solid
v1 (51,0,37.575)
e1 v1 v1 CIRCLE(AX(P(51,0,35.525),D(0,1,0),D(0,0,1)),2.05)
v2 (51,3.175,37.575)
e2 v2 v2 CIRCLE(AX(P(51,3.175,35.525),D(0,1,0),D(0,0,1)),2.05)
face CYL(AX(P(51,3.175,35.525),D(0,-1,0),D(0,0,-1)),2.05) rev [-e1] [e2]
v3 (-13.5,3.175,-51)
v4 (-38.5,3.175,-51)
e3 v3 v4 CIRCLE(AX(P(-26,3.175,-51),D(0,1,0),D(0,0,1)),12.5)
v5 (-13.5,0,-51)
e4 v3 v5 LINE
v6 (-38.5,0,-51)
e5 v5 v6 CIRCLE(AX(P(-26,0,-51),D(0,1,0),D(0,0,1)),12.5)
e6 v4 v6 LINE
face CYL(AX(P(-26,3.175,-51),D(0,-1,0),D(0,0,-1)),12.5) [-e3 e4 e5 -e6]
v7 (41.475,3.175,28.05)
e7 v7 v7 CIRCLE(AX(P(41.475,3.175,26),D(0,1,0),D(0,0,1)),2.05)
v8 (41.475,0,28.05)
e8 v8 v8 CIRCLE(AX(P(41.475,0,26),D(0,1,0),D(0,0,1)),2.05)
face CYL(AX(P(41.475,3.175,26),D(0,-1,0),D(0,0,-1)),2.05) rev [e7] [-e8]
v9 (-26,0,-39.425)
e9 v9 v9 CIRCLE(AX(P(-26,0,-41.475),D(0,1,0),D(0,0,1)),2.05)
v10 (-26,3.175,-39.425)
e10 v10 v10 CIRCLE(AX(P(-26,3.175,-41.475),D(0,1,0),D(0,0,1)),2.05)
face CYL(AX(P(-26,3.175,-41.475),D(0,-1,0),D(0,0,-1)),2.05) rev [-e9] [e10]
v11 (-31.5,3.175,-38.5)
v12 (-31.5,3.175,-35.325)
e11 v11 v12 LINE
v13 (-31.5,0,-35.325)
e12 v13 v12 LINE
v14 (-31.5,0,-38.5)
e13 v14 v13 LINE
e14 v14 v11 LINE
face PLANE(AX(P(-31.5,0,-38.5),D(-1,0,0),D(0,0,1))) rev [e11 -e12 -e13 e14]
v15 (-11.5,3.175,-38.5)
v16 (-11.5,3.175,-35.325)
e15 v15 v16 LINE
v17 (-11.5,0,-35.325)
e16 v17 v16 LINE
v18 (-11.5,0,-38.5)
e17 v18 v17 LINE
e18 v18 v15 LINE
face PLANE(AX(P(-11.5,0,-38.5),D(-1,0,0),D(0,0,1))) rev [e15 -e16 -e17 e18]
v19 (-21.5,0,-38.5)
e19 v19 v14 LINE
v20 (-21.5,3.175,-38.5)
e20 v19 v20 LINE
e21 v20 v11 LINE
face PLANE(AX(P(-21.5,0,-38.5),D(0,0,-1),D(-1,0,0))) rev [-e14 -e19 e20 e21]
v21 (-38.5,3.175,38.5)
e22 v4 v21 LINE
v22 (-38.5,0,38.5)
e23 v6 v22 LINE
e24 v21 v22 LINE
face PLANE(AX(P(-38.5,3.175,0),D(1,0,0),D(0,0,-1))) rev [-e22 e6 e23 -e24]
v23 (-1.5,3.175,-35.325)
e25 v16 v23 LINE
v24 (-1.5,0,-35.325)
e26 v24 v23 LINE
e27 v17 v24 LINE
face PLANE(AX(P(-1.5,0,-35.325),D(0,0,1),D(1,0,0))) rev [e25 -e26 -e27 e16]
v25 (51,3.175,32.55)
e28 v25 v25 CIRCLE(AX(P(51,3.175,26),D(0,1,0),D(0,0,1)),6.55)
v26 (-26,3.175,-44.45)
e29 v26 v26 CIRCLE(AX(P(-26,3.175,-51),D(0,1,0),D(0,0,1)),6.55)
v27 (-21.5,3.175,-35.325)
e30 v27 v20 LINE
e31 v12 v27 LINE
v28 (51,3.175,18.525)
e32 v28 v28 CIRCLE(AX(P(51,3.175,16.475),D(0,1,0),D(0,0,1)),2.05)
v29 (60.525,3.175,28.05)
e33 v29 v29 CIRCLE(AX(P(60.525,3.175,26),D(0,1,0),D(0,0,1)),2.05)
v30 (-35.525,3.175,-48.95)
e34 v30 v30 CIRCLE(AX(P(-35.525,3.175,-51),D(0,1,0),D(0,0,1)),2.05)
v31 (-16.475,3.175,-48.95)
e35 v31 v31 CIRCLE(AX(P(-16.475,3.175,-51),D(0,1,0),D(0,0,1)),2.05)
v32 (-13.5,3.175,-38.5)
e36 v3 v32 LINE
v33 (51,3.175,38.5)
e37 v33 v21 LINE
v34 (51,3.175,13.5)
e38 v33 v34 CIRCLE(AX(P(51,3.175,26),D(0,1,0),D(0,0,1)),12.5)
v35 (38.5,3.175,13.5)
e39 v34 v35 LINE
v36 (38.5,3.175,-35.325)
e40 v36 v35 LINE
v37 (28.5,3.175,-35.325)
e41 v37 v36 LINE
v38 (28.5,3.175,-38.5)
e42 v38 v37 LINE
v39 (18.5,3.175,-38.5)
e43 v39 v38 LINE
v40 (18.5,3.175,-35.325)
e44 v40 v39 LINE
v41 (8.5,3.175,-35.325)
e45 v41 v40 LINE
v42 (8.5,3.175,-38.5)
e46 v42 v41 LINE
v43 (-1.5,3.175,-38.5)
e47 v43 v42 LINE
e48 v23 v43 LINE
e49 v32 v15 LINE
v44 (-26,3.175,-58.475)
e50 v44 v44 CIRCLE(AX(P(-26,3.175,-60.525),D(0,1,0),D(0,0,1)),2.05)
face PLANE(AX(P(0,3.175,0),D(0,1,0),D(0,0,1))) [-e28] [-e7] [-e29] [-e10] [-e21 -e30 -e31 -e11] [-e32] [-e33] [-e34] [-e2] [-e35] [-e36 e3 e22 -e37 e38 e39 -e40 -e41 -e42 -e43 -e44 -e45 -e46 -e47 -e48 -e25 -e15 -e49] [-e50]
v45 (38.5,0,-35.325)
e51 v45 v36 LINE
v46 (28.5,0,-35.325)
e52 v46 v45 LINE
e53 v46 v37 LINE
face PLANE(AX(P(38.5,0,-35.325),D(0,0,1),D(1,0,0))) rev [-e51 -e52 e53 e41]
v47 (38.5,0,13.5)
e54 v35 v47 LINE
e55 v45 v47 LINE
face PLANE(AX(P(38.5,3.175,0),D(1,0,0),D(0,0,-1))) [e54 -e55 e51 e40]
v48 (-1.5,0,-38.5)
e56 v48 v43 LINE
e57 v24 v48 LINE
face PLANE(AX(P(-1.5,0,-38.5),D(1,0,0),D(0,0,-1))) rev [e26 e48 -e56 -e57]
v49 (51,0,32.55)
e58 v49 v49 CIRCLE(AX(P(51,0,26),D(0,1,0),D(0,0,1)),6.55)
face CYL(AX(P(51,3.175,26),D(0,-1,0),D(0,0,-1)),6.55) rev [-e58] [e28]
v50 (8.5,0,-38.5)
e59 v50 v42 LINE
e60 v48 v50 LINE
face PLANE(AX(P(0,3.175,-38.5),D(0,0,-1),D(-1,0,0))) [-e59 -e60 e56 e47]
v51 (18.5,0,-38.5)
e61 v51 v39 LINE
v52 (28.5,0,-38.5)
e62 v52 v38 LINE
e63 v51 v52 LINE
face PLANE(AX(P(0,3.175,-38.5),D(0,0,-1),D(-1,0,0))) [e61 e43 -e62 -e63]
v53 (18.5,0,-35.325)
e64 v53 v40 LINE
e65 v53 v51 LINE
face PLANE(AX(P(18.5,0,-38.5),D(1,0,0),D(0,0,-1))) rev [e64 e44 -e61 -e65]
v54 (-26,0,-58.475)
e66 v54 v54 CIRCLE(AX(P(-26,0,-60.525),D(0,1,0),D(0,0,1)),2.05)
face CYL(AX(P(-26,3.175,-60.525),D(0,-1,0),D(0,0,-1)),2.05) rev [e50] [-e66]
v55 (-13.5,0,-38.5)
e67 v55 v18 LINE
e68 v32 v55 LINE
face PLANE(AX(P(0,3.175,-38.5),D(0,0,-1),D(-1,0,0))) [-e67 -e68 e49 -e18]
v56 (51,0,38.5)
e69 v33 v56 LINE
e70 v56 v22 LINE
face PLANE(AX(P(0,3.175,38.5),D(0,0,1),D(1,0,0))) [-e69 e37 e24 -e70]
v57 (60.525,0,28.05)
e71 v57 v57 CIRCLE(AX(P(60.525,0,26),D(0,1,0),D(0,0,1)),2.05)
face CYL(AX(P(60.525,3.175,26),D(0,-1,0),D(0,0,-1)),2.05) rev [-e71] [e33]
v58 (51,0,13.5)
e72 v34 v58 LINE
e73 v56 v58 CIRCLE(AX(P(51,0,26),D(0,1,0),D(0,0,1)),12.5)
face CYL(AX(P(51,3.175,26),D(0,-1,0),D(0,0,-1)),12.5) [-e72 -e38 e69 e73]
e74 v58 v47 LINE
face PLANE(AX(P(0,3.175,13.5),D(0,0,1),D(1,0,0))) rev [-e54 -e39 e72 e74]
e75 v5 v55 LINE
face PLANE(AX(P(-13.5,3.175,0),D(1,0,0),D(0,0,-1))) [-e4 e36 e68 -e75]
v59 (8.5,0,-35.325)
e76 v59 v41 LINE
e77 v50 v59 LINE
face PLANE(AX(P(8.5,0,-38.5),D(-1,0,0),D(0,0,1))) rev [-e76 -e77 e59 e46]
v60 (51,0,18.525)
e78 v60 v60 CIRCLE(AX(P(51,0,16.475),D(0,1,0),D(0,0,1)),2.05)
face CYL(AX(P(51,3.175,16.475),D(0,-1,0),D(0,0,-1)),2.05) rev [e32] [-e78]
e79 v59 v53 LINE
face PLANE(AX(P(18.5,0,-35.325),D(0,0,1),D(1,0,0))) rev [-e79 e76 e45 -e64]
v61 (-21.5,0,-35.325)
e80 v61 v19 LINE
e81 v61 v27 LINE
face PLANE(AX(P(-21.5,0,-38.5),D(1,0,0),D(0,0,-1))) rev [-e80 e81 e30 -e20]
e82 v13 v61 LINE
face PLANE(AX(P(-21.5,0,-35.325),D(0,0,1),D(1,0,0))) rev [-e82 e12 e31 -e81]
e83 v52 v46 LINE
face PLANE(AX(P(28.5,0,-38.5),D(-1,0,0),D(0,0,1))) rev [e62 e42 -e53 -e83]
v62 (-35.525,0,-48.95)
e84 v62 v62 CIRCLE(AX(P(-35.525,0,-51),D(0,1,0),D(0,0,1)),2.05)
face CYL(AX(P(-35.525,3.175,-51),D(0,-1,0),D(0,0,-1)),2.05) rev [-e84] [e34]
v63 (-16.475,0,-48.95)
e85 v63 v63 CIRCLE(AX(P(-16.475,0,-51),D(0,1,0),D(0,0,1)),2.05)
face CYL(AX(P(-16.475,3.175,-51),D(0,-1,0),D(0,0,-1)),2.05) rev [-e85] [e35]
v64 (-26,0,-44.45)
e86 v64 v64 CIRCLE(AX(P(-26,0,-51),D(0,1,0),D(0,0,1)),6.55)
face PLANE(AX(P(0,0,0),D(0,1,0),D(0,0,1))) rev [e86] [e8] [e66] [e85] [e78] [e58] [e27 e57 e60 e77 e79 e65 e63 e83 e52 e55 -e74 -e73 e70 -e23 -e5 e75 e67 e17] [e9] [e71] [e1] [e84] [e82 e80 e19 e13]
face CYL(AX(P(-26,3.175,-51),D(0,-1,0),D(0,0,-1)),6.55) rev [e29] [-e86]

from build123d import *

# Parameters (mm, degrees)
SKETCH1_R           = 2.05
SKETCH1_R_2         = 6.55
BOSS_EXTRUDE1_DEPTH = 3.175
SKETCH2_W           = 10
SKETCH2_H           = 3.175
CUT_EXTRUDE1_DEPTH  = 3.175


with BuildPart() as part:
    # Sketch1 → Boss-Extrude1 (new body)
    with BuildSketch(Plane(origin=(0, 0, 0), x_dir=(1, 0, 0), z_dir=(0, 1, 0))):
        with BuildLine():
            ThreePointArc((-13.5, 51), (-26, 63.5), (-38.5, 51))
            Line((-38.5, 51), (-38.5, 38.5))
            Line((-38.5, 38.5), (-38.5, -38.5))
            Line((-38.5, -38.5), (38.5, -38.5))
            Line((38.5, -38.5), (51, -38.5))
            ThreePointArc((51, -38.5), (63.5, -26), (51, -13.5))
            Line((51, -13.5), (38.5, -13.5))
            Line((38.5, -13.5), (38.5, 38.5))
            Line((38.5, 38.5), (-13.5, 38.5))
            Line((-13.5, 38.5), (-13.5, 51))
        make_face()
        with Locations((41.475, -26)):
            Circle(SKETCH1_R, mode=Mode.SUBTRACT)
        with Locations((51, -35.525)):
            Circle(SKETCH1_R, mode=Mode.SUBTRACT)
        with Locations((51, -26)):
            Circle(SKETCH1_R_2, mode=Mode.SUBTRACT)
        with Locations((60.525, -26)):
            Circle(SKETCH1_R, mode=Mode.SUBTRACT)
        with Locations((-35.525, 51)):
            Circle(SKETCH1_R, mode=Mode.SUBTRACT)
        with Locations((-26, 41.475)):
            Circle(SKETCH1_R, mode=Mode.SUBTRACT)
        with Locations((-26, 51)):
            Circle(SKETCH1_R_2, mode=Mode.SUBTRACT)
        with Locations((-16.475, 51)):
            Circle(SKETCH1_R, mode=Mode.SUBTRACT)
        with Locations((-26, 60.525)):
            Circle(SKETCH1_R, mode=Mode.SUBTRACT)
        with Locations((51, -16.475)):
            Circle(SKETCH1_R, mode=Mode.SUBTRACT)
    extrude(amount=BOSS_EXTRUDE1_DEPTH)

    # Sketch2 → Cut-Extrude1 (cut)
    with BuildSketch(Plane(origin=(0, 3.175, 0), x_dir=(1, 0, 0), z_dir=(0, 1, 0))):
        with Locations((33.5, 36.9125)):
            Rectangle(SKETCH2_W, SKETCH2_H)
        with Locations((13.5, 36.9125)):
            Rectangle(SKETCH2_W, SKETCH2_H)
        with Locations((-6.5, 36.9125)):
            Rectangle(SKETCH2_W, SKETCH2_H)
        with Locations((-26.5, 36.9125)):
            Rectangle(SKETCH2_W, SKETCH2_H)
    extrude(amount=-CUT_EXTRUDE1_DEPTH, mode=Mode.SUBTRACT)


solid = part.part
